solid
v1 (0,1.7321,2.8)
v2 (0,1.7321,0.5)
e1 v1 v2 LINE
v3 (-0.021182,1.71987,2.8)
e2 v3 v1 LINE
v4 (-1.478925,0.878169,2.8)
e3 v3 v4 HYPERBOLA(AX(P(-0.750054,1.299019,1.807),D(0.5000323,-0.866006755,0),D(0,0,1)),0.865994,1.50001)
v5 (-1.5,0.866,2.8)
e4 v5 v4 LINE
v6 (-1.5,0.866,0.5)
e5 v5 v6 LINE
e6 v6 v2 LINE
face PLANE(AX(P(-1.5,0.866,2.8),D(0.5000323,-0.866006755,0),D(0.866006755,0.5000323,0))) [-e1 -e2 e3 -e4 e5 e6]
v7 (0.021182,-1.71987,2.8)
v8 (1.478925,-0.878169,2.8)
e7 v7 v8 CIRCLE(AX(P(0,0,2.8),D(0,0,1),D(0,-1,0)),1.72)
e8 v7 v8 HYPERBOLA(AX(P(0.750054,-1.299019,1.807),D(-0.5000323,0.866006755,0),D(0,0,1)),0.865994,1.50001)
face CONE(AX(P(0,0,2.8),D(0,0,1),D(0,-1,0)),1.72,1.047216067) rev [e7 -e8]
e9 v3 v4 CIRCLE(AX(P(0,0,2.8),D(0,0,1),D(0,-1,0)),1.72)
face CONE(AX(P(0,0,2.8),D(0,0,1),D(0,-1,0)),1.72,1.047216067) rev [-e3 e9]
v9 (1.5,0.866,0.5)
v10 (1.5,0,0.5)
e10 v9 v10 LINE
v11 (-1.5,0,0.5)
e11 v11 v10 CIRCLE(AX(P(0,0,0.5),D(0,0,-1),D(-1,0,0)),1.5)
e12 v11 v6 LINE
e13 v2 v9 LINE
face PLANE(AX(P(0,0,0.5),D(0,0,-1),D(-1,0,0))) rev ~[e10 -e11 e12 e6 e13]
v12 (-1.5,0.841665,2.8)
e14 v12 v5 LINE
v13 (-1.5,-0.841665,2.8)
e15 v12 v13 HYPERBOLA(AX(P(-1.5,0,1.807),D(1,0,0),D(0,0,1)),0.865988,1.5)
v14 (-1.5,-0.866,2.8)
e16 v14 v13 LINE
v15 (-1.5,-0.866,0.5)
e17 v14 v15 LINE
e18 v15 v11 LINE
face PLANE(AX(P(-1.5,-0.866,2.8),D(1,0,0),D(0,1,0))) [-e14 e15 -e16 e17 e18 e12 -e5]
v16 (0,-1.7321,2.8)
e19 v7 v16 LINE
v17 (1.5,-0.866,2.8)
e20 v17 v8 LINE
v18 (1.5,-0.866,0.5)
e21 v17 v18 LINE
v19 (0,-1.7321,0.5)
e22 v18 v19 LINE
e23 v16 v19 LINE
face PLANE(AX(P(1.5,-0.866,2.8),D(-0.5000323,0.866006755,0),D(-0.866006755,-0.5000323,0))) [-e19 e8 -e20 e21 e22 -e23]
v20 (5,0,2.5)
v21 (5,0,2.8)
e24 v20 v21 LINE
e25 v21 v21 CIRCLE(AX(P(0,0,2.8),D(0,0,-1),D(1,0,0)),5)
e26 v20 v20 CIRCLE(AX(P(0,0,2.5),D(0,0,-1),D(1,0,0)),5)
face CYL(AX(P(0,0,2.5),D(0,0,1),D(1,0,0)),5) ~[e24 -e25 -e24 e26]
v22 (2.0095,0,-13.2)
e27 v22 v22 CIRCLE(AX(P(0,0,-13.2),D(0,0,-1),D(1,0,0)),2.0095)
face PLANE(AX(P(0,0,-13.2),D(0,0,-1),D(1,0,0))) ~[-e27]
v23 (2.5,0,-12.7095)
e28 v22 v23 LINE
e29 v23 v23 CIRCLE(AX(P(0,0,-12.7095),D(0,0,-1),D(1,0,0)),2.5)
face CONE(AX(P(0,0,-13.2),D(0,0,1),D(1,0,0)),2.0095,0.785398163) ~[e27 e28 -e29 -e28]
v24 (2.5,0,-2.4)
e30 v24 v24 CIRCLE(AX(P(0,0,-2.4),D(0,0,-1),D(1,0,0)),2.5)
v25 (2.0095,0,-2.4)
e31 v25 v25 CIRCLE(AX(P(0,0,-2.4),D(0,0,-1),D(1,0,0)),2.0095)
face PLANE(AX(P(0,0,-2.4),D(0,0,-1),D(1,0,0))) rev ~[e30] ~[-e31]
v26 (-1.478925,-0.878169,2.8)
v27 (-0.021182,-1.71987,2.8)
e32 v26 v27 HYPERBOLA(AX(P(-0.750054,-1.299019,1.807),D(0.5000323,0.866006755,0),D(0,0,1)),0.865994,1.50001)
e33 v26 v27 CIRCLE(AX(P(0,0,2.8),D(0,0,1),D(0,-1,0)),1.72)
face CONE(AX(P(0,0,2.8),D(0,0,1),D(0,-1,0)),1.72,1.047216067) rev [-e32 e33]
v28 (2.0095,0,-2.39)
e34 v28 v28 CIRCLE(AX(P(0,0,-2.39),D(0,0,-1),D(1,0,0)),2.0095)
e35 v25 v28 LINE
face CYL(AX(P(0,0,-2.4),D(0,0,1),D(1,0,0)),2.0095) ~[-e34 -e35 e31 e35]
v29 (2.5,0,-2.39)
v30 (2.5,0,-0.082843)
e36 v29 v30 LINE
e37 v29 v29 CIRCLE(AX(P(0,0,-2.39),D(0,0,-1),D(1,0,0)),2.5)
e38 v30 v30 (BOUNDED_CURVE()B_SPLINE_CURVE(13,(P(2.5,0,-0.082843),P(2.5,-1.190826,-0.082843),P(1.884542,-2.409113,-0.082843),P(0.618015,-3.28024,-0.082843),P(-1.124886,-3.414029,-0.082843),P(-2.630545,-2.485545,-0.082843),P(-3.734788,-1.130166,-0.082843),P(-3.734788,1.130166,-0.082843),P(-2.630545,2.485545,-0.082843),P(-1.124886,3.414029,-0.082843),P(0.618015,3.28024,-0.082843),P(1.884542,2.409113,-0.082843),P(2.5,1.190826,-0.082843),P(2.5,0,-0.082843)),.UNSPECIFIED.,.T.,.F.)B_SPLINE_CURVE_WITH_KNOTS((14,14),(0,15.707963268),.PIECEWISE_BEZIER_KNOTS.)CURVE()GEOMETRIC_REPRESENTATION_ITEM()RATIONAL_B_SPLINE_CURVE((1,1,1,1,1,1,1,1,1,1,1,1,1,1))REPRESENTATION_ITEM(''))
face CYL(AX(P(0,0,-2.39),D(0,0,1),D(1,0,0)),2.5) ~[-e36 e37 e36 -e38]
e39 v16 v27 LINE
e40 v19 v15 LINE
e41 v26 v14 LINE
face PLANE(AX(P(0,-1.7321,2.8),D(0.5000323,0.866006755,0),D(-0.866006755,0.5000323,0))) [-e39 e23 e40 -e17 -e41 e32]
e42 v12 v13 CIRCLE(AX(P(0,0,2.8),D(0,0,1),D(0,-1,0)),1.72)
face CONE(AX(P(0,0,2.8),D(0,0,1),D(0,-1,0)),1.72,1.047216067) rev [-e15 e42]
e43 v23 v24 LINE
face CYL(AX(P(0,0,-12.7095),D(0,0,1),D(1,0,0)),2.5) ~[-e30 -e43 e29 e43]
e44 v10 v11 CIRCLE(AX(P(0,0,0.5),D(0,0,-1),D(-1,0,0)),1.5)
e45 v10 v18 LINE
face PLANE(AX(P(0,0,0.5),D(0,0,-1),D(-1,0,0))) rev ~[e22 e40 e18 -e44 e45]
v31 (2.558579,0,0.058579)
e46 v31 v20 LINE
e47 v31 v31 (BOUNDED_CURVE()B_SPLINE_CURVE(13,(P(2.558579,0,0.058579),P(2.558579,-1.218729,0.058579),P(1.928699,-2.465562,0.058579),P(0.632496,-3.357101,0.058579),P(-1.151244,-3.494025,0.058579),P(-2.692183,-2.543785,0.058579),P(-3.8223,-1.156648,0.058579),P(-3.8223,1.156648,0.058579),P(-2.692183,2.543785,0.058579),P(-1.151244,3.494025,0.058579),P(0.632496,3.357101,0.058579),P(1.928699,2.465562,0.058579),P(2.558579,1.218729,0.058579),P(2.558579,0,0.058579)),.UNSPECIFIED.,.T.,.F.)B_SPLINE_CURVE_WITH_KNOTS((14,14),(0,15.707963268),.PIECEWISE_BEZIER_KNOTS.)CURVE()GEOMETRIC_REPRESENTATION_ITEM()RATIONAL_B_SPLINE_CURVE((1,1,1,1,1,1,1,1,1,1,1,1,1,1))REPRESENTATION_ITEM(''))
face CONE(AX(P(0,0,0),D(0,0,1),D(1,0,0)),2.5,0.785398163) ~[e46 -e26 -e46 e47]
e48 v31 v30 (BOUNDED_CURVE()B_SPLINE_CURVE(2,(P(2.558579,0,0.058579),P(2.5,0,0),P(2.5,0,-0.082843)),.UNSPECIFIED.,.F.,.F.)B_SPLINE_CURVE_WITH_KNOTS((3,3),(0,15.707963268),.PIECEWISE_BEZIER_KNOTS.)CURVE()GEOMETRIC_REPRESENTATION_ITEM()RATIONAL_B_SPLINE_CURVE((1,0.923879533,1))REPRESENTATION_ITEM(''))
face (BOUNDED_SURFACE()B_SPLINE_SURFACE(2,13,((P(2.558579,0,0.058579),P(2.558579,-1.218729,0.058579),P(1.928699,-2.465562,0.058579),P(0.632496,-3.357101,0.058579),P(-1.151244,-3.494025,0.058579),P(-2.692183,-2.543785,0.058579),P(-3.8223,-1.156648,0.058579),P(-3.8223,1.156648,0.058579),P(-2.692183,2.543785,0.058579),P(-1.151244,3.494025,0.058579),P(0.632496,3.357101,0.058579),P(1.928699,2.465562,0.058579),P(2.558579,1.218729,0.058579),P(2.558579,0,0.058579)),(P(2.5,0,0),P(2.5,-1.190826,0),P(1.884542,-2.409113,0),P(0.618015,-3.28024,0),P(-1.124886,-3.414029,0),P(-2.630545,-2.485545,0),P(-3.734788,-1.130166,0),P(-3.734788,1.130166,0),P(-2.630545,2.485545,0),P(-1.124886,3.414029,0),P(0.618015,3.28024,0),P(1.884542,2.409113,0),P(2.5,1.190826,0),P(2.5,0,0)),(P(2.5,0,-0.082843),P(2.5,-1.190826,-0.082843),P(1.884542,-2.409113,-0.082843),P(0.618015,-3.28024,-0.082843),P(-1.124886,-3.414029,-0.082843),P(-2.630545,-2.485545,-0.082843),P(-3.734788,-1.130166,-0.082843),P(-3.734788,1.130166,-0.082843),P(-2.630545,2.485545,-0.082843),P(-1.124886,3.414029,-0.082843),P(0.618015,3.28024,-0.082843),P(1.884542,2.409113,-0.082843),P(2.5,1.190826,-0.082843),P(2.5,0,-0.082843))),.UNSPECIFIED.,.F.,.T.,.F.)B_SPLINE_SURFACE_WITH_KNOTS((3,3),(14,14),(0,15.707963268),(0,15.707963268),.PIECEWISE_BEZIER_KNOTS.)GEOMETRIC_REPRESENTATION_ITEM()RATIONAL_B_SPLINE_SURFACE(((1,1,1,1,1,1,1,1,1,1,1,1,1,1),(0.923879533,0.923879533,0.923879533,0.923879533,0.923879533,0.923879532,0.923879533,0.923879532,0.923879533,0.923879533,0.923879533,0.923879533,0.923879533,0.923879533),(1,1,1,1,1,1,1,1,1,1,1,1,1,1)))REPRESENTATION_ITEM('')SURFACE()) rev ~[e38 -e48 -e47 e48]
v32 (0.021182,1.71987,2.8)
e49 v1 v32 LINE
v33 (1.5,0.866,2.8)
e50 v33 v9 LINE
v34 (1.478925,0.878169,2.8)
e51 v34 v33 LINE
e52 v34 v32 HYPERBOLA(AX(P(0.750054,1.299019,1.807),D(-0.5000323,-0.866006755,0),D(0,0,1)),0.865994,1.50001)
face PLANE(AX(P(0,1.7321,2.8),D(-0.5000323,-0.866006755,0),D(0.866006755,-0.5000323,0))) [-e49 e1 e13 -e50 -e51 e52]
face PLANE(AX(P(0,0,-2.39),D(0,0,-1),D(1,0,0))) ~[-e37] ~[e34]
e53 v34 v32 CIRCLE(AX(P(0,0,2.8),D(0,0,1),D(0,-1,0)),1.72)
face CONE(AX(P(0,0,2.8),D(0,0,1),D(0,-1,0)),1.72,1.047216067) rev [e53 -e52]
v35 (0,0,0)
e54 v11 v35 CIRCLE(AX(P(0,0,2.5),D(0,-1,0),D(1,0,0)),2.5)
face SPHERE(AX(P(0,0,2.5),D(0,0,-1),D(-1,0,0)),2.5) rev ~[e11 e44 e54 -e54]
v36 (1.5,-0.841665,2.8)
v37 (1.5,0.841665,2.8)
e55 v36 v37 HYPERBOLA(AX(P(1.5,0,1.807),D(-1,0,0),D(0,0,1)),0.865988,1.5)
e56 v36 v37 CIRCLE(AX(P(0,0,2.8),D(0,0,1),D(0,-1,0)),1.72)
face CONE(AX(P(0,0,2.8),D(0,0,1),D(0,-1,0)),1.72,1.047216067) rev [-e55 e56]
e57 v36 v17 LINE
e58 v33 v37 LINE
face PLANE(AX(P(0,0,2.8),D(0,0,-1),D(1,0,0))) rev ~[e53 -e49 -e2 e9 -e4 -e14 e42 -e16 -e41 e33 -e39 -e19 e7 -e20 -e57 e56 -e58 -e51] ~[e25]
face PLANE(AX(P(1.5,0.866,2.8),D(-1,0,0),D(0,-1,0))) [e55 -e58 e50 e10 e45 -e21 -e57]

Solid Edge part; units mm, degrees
sketch "Sketch1" plane through (0, 0, 0) normal (0, -1, 0) x (1, 0, 0)
  line L0 (2.5, 0) -> (5, 2.5)
  line L1 (5, 2.5) -> (5, 2.8)
  line L2 (5, 2.8) -> (0, 2.8)
  line L3 (0, 2.8) -> (0, -13.2)
  line L4 (0, -13.2) -> (2.0095, -13.2)
  line L5 (2.0095, -13.2) -> (2.5, -12.7095)
  line L6 (2.5, -12.7095) -> (2.5, -2.4)
  line L7 (2.5, -2.4) -> (2.0095, -2.4)
  line L8 (2.0095, -2.4) -> (2.0095, -2.39)
  line L9 (2.0095, -2.39) -> (2.5, -2.39)
  line L10 (2.5, -2.39) -> (2.5, 0)
  dimension "D1" = 16
  dimension "D2" = 5
  dimension "D3" = 2.8
  dimension "D4" = 0.01
  dimension "D5" = 2.0095
  dimension "D6" = 5.2
  dimension "D7" = 0.3
revolve "RevolvedProtrusion1" add sketch "Sketch1" angle 360 about axis through (0, 0, 54) along (0, 0, -1)
sketch "Sketch2" plane through (0, 0, 0) normal (0, -1, 0) x (1, 0, 0)
  arc A0 (-1.5, 0.5) -> (0, 0) centre (0, 2.5) ccw
  line L0 (0, 0.5) -> (0, 0)
  line L1 (-1.5, 0.5) -> (0, 0.5)
  dimension "D1" = 13.7
revolve "RevolvedCutout1" cut sketch "Sketch2" angle 360 about axis through (0, 0, 54) along (0, 0, -1)
sketch "Sketch3" plane through (0, 0, 2.8) normal (0, 0, 1) x (0, -1, 0)
  line L0 (-1.7321, 0) -> (-0.866, 1.5)
  line L1 (-0.866, 1.5) -> (0.866, 1.5)
  line L2 (0.866, 1.5) -> (1.7321, 0)
  line L3 (1.7321, 0) -> (0.866, -1.5)
  line L4 (0.866, -1.5) -> (-0.866, -1.5)
  line L5 (-0.866, -1.5) -> (-1.7321, 0)
  dimension "D1" = 3
extrude "Cutout1" cut sketch "Sketch3" against normal blind 2.3
cosmetic_thread "Thread1" size "M5"
sketch "Sketch4" plane through (0, 0, 0) normal (1, 0, 0) x (0, 1, 0)
  line L0 (-1.72, 2.8) -> (0, 1.807)
revolve "RevolvedCutout2" cut sketch "Sketch4" angle 360 about axis through (0, 0, -57) along (0, 0, 1) material side at (0, -0.835, 2.3468)
fillet "Round1" radius 0.2 1 edges at (-2.5, 0, 0)
properties material "Stahl"
